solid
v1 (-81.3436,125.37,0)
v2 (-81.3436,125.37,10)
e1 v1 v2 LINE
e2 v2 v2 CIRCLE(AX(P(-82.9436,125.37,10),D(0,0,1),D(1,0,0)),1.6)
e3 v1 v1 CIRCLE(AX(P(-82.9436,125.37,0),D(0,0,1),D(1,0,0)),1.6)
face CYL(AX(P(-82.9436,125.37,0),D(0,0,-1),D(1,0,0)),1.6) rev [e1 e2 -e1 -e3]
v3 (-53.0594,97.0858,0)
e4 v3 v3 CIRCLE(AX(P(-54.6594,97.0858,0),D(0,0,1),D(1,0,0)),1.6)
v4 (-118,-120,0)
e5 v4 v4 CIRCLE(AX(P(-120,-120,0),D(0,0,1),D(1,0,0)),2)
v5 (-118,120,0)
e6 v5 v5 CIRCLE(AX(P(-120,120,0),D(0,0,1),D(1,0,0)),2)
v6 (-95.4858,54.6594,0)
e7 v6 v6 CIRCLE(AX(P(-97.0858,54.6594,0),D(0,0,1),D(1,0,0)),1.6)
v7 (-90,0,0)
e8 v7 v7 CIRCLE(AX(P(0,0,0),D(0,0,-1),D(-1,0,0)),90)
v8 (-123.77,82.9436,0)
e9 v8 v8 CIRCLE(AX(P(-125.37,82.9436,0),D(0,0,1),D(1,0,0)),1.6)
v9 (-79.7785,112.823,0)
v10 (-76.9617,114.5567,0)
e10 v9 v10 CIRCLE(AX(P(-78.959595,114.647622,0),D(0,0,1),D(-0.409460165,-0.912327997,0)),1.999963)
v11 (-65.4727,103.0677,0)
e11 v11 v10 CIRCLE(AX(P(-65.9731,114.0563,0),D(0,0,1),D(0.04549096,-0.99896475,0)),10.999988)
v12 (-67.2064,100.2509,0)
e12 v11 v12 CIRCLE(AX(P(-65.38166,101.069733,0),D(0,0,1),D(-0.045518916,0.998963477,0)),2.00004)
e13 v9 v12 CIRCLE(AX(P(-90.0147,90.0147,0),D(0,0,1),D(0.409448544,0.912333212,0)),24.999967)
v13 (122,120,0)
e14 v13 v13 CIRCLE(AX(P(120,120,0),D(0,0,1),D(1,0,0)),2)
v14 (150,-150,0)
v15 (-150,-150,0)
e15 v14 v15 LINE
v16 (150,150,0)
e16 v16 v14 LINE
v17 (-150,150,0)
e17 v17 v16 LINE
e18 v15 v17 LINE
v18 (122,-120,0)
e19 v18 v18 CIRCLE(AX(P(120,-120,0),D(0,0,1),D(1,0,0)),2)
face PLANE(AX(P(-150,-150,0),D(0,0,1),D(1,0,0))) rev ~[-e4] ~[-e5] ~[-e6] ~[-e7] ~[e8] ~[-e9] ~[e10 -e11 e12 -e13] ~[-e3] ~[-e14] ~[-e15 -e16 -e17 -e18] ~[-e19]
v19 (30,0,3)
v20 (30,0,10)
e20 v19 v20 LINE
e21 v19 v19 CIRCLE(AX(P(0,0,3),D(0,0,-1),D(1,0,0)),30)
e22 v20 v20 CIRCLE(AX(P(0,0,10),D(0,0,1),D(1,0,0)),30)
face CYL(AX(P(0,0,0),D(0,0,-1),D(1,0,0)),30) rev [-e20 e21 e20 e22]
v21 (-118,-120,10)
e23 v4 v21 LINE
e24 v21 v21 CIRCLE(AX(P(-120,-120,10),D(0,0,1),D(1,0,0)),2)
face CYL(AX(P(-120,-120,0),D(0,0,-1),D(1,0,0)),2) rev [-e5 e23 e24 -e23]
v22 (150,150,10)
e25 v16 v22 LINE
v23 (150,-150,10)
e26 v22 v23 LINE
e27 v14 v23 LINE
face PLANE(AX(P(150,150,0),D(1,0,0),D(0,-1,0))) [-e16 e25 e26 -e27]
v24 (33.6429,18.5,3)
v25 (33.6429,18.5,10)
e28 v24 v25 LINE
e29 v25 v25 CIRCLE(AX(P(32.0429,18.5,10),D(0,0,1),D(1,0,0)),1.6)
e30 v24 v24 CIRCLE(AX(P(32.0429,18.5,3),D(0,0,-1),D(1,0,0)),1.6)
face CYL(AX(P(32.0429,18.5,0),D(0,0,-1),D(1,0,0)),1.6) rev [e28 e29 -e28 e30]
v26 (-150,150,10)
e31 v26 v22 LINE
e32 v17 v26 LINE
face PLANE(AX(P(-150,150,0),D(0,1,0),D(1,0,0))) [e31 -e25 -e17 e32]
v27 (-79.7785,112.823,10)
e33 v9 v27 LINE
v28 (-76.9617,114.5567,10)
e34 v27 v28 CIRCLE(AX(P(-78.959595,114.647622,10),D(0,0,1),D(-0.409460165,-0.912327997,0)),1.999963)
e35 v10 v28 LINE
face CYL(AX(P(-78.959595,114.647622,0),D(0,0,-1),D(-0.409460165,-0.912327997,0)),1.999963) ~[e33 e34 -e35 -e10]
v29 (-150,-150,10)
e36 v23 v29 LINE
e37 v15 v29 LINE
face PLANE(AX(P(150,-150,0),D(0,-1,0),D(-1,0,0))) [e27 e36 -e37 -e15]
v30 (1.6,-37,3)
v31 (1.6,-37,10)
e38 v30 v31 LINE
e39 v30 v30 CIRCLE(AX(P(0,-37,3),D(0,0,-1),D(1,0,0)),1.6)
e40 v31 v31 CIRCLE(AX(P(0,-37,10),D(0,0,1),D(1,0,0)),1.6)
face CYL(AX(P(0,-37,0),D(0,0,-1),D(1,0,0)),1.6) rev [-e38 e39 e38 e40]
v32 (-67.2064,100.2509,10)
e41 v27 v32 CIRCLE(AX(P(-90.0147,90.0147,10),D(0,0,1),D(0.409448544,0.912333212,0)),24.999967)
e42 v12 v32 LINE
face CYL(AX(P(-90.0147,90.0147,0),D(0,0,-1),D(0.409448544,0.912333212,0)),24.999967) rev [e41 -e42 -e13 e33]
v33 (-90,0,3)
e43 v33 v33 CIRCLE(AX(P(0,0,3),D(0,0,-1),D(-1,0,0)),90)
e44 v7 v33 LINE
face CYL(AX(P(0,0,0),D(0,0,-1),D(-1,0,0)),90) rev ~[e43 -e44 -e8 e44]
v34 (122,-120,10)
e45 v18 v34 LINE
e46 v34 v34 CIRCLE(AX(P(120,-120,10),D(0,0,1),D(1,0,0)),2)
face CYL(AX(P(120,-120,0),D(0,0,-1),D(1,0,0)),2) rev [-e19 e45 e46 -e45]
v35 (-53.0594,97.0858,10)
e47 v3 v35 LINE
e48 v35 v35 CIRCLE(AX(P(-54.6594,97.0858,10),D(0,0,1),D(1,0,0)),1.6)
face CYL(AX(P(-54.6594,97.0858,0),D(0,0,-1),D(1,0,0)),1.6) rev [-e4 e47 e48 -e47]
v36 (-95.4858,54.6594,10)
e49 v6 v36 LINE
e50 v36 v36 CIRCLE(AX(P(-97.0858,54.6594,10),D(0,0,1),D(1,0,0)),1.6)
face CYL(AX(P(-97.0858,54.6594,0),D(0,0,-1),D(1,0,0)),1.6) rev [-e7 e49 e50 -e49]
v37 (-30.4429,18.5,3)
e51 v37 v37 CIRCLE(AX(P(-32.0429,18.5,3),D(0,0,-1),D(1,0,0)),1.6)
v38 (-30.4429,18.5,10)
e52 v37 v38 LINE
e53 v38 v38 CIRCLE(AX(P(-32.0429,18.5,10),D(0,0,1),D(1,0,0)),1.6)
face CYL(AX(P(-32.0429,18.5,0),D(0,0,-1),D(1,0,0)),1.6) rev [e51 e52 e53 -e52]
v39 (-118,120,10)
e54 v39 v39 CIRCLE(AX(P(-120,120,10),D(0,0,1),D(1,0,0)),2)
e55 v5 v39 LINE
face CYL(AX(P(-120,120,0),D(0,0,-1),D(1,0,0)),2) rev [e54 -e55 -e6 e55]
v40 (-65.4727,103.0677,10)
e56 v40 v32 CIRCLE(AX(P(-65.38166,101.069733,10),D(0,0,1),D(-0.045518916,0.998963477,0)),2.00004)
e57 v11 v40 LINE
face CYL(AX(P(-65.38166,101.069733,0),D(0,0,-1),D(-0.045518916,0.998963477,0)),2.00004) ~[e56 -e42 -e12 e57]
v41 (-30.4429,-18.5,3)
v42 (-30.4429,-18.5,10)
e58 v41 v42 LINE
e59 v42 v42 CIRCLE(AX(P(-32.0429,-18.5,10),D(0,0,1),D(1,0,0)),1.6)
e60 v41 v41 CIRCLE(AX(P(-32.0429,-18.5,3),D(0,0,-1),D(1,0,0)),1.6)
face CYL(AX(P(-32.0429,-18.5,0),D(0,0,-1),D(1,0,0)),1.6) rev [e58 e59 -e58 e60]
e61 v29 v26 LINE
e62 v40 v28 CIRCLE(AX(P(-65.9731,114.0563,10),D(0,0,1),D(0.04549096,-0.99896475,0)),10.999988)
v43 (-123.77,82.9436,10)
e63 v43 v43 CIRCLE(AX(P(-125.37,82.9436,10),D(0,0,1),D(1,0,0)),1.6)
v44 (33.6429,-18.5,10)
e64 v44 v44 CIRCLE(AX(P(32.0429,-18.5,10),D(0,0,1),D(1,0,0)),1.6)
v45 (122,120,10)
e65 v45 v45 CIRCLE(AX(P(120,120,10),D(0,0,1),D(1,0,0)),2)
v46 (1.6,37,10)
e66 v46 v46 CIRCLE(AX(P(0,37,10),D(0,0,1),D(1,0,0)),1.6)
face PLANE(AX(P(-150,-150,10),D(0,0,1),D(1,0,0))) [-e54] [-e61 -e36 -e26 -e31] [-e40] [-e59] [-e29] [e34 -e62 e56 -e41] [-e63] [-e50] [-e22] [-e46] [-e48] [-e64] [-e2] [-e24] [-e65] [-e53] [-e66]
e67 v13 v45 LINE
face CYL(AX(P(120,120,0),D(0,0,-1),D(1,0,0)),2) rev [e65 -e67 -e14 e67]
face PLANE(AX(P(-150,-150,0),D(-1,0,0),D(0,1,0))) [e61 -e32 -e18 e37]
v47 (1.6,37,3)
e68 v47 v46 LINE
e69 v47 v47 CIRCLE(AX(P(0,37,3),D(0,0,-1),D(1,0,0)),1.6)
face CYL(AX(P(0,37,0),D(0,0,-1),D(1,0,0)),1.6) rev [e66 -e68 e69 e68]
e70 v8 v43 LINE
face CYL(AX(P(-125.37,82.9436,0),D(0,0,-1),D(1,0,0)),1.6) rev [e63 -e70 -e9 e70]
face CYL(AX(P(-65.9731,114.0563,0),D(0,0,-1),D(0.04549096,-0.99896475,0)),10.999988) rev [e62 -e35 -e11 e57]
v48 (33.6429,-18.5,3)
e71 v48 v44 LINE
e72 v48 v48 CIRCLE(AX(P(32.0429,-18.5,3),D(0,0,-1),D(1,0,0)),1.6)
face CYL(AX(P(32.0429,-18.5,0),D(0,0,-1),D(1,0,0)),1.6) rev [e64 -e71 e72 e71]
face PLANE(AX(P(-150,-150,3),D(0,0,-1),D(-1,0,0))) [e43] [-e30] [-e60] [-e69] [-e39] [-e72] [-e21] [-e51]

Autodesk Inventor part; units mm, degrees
ref_plane "YZ Plane" through (0, 0, 0) normal (1, 0, 0) x (0, 1, 0)
ref_plane "XZ Plane" through (0, 0, 0) normal (0, 1, 0) x (-1, 0, 0)
ref_plane "XY Plane" through (0, 0, 0) normal (0, 0, 1) x (1, 0, 0)
sketch "スケッチ1" plane through (-150, -150, 0) normal (0, 0, 1) x (1, 0, 0)
  circle A0 centre (59.9853, 240.0147) radius 24 construction
  circle A1 centre (59.9853, 240.0147) radius 24 construction
  circle A2 centre (84.0269, 264.0563) radius 10 construction
  line L0 (84.0269, 264.0563) -> (59.9853, 240.0147) construction
  line L1 (59.9853, 240.0147) -> (84.0269, 215.9731) construction
  arc A3 (84.5273, 253.0677) -> (73.0383, 264.5567) centre (84.0269, 264.0563) ccw
  arc A4 (70.2215, 262.823) -> (82.7936, 250.2509) centre (59.9853, 240.0147) ccw
  arc A5 (84.5273, 253.0677) -> (82.7936, 250.2509) centre (84.6183, 251.0698) ccw
  arc A6 (70.2215, 262.823) -> (73.0383, 264.5567) centre (71.0404, 264.6477) ccw
  line L2 (67.0564, 275.37) -> (24.63, 232.9436) construction
  line L3 (24.63, 232.9436) -> (52.9142, 204.6594) construction
  line L4 (52.9142, 204.6594) -> (95.3406, 247.0858) construction
  line L5 (95.3406, 247.0858) -> (67.0564, 275.37) construction
  line L6 (67.0564, 275.37) -> (52.9142, 204.6594) construction
  line L7 (24.63, 232.9436) -> (95.3406, 247.0858) construction
  circle A7 centre (95.3406, 247.0858) radius 1.6
  circle A8 centre (52.9142, 204.6594) radius 1.6
  circle A9 centre (24.63, 232.9436) radius 1.6
  circle A10 centre (67.0564, 275.37) radius 1.6
  line L8 (270, 30) -> (30, 30) construction
  line L9 (30, 30) -> (30, 270) construction
  line L10 (30, 270) -> (270, 270) construction
  line L11 (270, 270) -> (270, 30) construction
  line L12 (270, 30) -> (30, 270) construction
  line L13 (30, 30) -> (270, 270) construction
  circle A11 centre (30, 270) radius 2
  circle A12 centre (270, 270) radius 2
  circle A13 centre (30, 30) radius 2
  circle A14 centre (270, 30) radius 2
  circle A15 centre (150, 150) radius 30
  line L14 (150, 113) -> (117.9571, 131.5) construction
  line L15 (117.9571, 131.5) -> (117.9571, 168.5) construction
  line L16 (117.9571, 168.5) -> (150, 187) construction
  line L17 (150, 187) -> (182.0429, 168.5) construction
  line L18 (182.0429, 168.5) -> (182.0429, 131.5) construction
  line L19 (182.0429, 131.5) -> (150, 113) construction
  circle A16 centre (150, 150) radius 37 construction
  circle A17 centre (150, 113) radius 1.6
  circle A18 centre (54.1207, 93.2509) radius 1.6 construction
  line L20 (117.9571, 131.5) -> (117.9571, 168.5) construction
  line L21 (150, 113) -> (117.9571, 131.5) construction
  line L22 (117.9571, 168.5) -> (150, 187) construction
  line L23 (182.0429, 131.5) -> (150, 113) construction
  circle A19 centre (150, 150) radius 30 construction
  line L24 (150, 187) -> (182.0429, 168.5) construction
  line L25 (182.0429, 168.5) -> (182.0429, 131.5) construction
  circle A20 centre (150, 150) radius 37 construction
  circle A21 centre (182.0429, 131.5) radius 1.6
  circle A22 centre (151.2065, 38.5916) radius 1.6 construction
  line L26 (150, 113) -> (117.9571, 131.5) construction
  line L27 (182.0429, 131.5) -> (150, 113) construction
  line L28 (117.9571, 131.5) -> (117.9571, 168.5) construction
  line L29 (182.0429, 168.5) -> (182.0429, 131.5) construction
  circle A23 centre (150, 150) radius 30 construction
  line L30 (117.9571, 168.5) -> (150, 187) construction
  line L31 (150, 187) -> (182.0429, 168.5) construction
  circle A24 centre (150, 150) radius 37 construction
  circle A25 centre (182.0429, 168.5) radius 1.6
  circle A26 centre (247.0858, 95.3406) radius 1.6 construction
  line L32 (182.0429, 131.5) -> (150, 113) construction
  line L33 (182.0429, 168.5) -> (182.0429, 131.5) construction
  line L34 (150, 113) -> (117.9571, 131.5) construction
  line L35 (150, 187) -> (182.0429, 168.5) construction
  circle A27 centre (150, 150) radius 30 construction
  line L36 (117.9571, 131.5) -> (117.9571, 168.5) construction
  line L37 (117.9571, 168.5) -> (150, 187) construction
  circle A28 centre (150, 150) radius 37 construction
  circle A29 centre (150, 187) radius 1.6
  circle A30 centre (245.8793, 206.7491) radius 1.6 construction
  line L38 (182.0429, 168.5) -> (182.0429, 131.5) construction
  line L39 (150, 187) -> (182.0429, 168.5) construction
  line L40 (182.0429, 131.5) -> (150, 113) construction
  line L41 (117.9571, 168.5) -> (150, 187) construction
  circle A31 centre (150, 150) radius 30 construction
  line L42 (150, 113) -> (117.9571, 131.5) construction
  line L43 (117.9571, 131.5) -> (117.9571, 168.5) construction
  circle A32 centre (150, 150) radius 37 construction
  circle A33 centre (117.9571, 168.5) radius 1.6
  circle A34 centre (148.7935, 261.4084) radius 1.6 construction
  line L44 (150, 187) -> (182.0429, 168.5) construction
  line L45 (117.9571, 168.5) -> (150, 187) construction
  line L46 (182.0429, 168.5) -> (182.0429, 131.5) construction
  line L47 (117.9571, 131.5) -> (117.9571, 168.5) construction
  circle A35 centre (150, 150) radius 30 construction
  line L48 (182.0429, 131.5) -> (150, 113) construction
  line L49 (150, 113) -> (117.9571, 131.5) construction
  circle A36 centre (150, 150) radius 37 construction
  circle A37 centre (117.9571, 131.5) radius 1.6
  line L50 (0, 300) -> (300, 300)
  line L51 (300, 300) -> (300, 0)
  line L52 (300, 0) -> (0, 0)
  line L53 (0, 0) -> (0, 300)
  line L54 (0, 300) -> (300, 0) construction
  line L55 (300, 300) -> (0, 0) construction
  point P0 (150, 150)
  point P1 (81.1985, 261.2279)
  point P2 (150, 150)
  point P3 (59.8791, 125.8522)
  point P4 (150, 150)
  point P5 (125.8522, 59.8791)
  point P6 (150, 150)
  point P7 (215.9731, 84.0269)
  point P8 (150, 150)
  point P9 (240.1209, 174.1478)
  point P10 (150, 150)
  point P11 (174.1478, 240.1209)
  dimension "d30" = 74
  dimension "d6" = 48
  dimension "d7" = 20
  dimension "d10" = 25
  dimension "d11" = 11
  dimension "d12" = 2
  dimension "d15" = 40
  dimension "d16" = 60
  dimension "d17" = 3.2
  dimension "d18" = 240
  dimension "d19" = 4
  dimension "d22" = 240
  dimension "d25" = 240
  dimension "d28" = 60
  dimension "d31" = 3.2
  dimension "d34" = 360
  dimension "d36" = 300
  dimension "d39" = 127.3
  dimension "d40" = 3.2
  dimension "d41" = 48
extrude "押し出し2" add sketch "スケッチ1" along normal blind 10
sketch "スケッチ2" plane through (-150, -150, 0) normal (0, 0, -1) x (-1, 0, 0)
  circle A0 centre (-150, 150) radius 90
  dimension "d42" = 180
extrude "押し出し3" cut sketch "スケッチ2" against normal blind 3
properties part number "ロボットベース2019" material "マツ材"
